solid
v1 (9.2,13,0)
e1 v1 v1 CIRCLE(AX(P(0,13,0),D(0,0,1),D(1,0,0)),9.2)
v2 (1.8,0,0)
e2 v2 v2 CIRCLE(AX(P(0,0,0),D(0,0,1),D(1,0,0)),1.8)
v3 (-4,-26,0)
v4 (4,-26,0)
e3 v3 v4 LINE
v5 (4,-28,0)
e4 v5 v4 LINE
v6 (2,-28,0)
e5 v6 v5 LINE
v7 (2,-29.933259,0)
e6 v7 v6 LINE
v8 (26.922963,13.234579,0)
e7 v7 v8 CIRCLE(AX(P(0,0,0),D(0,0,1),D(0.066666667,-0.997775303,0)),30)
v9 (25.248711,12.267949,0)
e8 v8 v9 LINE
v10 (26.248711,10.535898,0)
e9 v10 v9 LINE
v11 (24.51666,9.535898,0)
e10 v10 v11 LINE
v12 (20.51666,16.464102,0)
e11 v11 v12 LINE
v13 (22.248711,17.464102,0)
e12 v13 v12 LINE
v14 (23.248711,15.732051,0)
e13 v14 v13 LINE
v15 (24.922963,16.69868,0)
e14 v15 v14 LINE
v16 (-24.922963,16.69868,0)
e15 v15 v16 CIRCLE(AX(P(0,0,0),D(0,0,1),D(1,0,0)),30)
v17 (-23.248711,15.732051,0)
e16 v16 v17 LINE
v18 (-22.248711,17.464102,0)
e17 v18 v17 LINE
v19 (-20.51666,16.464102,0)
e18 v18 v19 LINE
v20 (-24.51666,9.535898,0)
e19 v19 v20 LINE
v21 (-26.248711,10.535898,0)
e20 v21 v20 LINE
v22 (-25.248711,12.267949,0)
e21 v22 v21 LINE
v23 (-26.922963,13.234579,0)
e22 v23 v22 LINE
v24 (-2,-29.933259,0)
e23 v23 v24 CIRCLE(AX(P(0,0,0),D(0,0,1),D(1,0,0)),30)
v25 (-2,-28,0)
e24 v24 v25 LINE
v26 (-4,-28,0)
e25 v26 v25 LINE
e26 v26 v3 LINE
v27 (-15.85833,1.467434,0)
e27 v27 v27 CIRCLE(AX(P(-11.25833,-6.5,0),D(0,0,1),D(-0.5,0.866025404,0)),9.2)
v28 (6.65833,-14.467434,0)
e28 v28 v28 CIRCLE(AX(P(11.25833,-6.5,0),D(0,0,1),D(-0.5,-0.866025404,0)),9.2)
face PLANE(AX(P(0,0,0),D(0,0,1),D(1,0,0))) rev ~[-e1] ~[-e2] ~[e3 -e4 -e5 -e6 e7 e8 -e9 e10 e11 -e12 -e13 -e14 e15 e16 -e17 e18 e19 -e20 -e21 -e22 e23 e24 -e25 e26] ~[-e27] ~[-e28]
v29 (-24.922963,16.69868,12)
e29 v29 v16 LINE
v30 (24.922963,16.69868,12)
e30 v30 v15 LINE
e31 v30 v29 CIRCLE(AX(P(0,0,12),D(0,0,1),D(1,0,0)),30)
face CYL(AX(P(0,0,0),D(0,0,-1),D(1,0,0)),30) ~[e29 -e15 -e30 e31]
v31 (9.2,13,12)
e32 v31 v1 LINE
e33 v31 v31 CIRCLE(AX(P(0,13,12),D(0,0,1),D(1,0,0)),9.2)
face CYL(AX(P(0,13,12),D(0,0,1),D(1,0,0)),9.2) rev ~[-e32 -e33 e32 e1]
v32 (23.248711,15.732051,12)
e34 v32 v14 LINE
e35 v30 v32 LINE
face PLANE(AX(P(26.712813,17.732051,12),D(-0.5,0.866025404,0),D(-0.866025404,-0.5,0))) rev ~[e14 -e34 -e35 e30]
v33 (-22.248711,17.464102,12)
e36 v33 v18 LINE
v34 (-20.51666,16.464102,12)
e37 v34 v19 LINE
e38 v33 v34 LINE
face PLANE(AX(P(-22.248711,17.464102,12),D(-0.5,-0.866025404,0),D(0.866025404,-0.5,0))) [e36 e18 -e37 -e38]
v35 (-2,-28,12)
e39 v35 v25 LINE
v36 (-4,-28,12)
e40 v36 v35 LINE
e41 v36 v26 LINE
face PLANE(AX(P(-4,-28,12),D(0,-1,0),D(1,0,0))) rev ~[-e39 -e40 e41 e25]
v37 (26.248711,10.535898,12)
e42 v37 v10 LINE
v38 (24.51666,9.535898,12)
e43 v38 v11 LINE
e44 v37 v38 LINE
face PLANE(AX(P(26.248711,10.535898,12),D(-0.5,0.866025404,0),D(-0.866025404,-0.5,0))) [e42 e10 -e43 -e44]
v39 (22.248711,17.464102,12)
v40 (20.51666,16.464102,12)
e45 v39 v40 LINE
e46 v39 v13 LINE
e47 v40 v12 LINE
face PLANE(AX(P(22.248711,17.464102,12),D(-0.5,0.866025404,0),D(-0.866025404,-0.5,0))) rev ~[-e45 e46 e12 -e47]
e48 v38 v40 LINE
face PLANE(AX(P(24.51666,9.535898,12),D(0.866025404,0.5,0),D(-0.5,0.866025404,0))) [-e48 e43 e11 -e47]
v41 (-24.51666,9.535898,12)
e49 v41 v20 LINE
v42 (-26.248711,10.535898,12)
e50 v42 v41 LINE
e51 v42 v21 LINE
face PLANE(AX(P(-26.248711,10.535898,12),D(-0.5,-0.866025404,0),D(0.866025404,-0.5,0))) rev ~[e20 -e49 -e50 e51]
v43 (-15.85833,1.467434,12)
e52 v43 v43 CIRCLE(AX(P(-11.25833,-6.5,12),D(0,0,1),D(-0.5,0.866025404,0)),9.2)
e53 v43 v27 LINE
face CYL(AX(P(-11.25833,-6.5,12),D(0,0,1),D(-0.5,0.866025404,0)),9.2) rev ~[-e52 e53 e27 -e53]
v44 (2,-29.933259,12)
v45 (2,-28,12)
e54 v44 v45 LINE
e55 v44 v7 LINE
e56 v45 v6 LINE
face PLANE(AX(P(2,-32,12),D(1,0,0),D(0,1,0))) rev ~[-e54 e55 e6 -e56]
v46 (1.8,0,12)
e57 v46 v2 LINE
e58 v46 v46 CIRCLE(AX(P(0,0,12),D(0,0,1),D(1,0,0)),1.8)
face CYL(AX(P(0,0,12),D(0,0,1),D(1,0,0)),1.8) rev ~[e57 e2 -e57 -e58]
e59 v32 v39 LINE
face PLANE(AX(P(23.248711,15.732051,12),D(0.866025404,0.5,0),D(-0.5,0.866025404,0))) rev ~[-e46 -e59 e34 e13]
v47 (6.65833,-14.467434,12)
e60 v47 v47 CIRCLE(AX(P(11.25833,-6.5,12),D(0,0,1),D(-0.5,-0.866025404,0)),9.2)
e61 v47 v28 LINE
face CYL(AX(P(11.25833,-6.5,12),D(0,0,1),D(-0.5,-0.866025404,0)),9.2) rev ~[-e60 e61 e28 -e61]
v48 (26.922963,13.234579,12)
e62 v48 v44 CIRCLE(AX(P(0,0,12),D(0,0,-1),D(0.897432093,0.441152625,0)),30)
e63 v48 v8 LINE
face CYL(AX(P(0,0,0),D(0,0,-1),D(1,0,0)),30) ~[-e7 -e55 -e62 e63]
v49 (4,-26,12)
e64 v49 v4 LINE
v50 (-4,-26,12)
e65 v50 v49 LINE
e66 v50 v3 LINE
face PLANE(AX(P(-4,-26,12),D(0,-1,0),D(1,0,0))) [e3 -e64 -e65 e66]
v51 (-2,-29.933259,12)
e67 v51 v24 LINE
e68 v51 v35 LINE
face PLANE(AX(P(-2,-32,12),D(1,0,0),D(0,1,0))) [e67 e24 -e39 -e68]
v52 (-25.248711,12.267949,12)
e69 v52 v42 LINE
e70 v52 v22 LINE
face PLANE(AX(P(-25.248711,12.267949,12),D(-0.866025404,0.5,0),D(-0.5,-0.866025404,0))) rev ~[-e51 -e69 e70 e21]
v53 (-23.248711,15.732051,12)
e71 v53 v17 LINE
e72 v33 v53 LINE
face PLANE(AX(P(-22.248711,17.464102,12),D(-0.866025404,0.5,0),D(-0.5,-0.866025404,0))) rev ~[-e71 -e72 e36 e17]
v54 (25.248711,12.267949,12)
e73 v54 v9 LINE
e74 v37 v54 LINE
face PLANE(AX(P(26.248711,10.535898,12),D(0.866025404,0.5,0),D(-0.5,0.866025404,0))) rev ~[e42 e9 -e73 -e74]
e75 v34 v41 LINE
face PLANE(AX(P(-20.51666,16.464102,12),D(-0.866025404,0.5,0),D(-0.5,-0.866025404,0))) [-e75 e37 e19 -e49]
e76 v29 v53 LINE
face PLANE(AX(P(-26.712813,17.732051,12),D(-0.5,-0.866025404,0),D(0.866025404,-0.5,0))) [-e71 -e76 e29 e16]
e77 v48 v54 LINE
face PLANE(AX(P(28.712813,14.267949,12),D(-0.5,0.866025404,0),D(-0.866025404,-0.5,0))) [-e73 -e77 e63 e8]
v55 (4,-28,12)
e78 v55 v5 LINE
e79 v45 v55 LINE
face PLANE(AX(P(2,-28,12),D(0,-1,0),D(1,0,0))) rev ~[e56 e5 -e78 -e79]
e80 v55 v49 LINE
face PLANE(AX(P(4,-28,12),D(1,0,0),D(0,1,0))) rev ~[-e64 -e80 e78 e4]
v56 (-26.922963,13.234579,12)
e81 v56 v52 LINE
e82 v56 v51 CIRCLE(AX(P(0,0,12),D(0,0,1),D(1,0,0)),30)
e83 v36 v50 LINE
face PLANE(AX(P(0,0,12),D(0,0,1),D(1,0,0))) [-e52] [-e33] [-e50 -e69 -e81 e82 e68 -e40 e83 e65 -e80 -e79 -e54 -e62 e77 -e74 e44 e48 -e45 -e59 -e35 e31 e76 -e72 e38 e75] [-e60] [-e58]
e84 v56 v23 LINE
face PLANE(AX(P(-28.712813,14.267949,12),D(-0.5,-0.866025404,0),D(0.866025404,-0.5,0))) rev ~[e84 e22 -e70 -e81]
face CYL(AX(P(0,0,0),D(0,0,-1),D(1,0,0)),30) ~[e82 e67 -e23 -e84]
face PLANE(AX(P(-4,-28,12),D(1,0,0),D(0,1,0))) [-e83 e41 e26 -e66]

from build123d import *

# Parameters (mm, degrees)
SKETCH_R              = 30
PAD_DEPTH             = 12
SKETCH001_R           = 9.2
POCKET_DEPTH          = 183.395282
POLARPATTERN_COUNT    = 3
SKETCH002_R           = 1.8
POCKET001_DEPTH       = 12.001
SKETCH003_W           = 4
SKETCH003_H           = 4
SKETCH003_W_2         = 8
SKETCH003_H_2         = 2
POCKET002_DEPTH       = 183.395282
POLARPATTERN001_COUNT = 3


with BuildPart() as part:
    # Sketch → Pad (new body)
    with BuildSketch(Plane.XY):
        Circle(SKETCH_R)
    extrude(amount=PAD_DEPTH)

    # Sketch001 (on Face3 of Pad) → Pocket (cut, through all)
    with BuildSketch(Plane.XY.offset(12)):
        with Locations((0, 13)):
            Circle(SKETCH001_R)
    pocket = extrude(amount=-POCKET_DEPTH, mode=Mode.SUBTRACT)

    # PolarPattern: Pocket ×3 about axis
    polarpattern_axis = Axis((0, 0, 12), (0, 0, 1))
    for i in range(1, POLARPATTERN_COUNT):
        add(pocket.rotate(polarpattern_axis, i * 360 / POLARPATTERN_COUNT), mode=Mode.SUBTRACT)

    # Sketch002 (on Face3 of PolarPattern) → Pocket001 (cut, through all)
    with BuildSketch(Plane.XY.offset(12)):
        Circle(SKETCH002_R)
    extrude(amount=-POCKET001_DEPTH, mode=Mode.SUBTRACT)

    # Sketch003 (on Face3 of Pocket001) → Pocket002 (cut, through all)
    with BuildSketch(Plane.XY.offset(12)):
        with Locations((0, -30)):
            Rectangle(SKETCH003_W, SKETCH003_H)
        with Locations((0, -27)):
            Rectangle(SKETCH003_W_2, SKETCH003_H_2)
    pocket002 = extrude(amount=-POCKET002_DEPTH, mode=Mode.SUBTRACT)

    # PolarPattern001: Pocket002 ×3 about axis
    polarpattern001_axis = Axis((0, 0, 12), (0, 0, 1))
    for i in range(1, POLARPATTERN001_COUNT):
        add(pocket002.rotate(polarpattern001_axis, i * 360 / POLARPATTERN001_COUNT), mode=Mode.SUBTRACT)


solid = part.part
